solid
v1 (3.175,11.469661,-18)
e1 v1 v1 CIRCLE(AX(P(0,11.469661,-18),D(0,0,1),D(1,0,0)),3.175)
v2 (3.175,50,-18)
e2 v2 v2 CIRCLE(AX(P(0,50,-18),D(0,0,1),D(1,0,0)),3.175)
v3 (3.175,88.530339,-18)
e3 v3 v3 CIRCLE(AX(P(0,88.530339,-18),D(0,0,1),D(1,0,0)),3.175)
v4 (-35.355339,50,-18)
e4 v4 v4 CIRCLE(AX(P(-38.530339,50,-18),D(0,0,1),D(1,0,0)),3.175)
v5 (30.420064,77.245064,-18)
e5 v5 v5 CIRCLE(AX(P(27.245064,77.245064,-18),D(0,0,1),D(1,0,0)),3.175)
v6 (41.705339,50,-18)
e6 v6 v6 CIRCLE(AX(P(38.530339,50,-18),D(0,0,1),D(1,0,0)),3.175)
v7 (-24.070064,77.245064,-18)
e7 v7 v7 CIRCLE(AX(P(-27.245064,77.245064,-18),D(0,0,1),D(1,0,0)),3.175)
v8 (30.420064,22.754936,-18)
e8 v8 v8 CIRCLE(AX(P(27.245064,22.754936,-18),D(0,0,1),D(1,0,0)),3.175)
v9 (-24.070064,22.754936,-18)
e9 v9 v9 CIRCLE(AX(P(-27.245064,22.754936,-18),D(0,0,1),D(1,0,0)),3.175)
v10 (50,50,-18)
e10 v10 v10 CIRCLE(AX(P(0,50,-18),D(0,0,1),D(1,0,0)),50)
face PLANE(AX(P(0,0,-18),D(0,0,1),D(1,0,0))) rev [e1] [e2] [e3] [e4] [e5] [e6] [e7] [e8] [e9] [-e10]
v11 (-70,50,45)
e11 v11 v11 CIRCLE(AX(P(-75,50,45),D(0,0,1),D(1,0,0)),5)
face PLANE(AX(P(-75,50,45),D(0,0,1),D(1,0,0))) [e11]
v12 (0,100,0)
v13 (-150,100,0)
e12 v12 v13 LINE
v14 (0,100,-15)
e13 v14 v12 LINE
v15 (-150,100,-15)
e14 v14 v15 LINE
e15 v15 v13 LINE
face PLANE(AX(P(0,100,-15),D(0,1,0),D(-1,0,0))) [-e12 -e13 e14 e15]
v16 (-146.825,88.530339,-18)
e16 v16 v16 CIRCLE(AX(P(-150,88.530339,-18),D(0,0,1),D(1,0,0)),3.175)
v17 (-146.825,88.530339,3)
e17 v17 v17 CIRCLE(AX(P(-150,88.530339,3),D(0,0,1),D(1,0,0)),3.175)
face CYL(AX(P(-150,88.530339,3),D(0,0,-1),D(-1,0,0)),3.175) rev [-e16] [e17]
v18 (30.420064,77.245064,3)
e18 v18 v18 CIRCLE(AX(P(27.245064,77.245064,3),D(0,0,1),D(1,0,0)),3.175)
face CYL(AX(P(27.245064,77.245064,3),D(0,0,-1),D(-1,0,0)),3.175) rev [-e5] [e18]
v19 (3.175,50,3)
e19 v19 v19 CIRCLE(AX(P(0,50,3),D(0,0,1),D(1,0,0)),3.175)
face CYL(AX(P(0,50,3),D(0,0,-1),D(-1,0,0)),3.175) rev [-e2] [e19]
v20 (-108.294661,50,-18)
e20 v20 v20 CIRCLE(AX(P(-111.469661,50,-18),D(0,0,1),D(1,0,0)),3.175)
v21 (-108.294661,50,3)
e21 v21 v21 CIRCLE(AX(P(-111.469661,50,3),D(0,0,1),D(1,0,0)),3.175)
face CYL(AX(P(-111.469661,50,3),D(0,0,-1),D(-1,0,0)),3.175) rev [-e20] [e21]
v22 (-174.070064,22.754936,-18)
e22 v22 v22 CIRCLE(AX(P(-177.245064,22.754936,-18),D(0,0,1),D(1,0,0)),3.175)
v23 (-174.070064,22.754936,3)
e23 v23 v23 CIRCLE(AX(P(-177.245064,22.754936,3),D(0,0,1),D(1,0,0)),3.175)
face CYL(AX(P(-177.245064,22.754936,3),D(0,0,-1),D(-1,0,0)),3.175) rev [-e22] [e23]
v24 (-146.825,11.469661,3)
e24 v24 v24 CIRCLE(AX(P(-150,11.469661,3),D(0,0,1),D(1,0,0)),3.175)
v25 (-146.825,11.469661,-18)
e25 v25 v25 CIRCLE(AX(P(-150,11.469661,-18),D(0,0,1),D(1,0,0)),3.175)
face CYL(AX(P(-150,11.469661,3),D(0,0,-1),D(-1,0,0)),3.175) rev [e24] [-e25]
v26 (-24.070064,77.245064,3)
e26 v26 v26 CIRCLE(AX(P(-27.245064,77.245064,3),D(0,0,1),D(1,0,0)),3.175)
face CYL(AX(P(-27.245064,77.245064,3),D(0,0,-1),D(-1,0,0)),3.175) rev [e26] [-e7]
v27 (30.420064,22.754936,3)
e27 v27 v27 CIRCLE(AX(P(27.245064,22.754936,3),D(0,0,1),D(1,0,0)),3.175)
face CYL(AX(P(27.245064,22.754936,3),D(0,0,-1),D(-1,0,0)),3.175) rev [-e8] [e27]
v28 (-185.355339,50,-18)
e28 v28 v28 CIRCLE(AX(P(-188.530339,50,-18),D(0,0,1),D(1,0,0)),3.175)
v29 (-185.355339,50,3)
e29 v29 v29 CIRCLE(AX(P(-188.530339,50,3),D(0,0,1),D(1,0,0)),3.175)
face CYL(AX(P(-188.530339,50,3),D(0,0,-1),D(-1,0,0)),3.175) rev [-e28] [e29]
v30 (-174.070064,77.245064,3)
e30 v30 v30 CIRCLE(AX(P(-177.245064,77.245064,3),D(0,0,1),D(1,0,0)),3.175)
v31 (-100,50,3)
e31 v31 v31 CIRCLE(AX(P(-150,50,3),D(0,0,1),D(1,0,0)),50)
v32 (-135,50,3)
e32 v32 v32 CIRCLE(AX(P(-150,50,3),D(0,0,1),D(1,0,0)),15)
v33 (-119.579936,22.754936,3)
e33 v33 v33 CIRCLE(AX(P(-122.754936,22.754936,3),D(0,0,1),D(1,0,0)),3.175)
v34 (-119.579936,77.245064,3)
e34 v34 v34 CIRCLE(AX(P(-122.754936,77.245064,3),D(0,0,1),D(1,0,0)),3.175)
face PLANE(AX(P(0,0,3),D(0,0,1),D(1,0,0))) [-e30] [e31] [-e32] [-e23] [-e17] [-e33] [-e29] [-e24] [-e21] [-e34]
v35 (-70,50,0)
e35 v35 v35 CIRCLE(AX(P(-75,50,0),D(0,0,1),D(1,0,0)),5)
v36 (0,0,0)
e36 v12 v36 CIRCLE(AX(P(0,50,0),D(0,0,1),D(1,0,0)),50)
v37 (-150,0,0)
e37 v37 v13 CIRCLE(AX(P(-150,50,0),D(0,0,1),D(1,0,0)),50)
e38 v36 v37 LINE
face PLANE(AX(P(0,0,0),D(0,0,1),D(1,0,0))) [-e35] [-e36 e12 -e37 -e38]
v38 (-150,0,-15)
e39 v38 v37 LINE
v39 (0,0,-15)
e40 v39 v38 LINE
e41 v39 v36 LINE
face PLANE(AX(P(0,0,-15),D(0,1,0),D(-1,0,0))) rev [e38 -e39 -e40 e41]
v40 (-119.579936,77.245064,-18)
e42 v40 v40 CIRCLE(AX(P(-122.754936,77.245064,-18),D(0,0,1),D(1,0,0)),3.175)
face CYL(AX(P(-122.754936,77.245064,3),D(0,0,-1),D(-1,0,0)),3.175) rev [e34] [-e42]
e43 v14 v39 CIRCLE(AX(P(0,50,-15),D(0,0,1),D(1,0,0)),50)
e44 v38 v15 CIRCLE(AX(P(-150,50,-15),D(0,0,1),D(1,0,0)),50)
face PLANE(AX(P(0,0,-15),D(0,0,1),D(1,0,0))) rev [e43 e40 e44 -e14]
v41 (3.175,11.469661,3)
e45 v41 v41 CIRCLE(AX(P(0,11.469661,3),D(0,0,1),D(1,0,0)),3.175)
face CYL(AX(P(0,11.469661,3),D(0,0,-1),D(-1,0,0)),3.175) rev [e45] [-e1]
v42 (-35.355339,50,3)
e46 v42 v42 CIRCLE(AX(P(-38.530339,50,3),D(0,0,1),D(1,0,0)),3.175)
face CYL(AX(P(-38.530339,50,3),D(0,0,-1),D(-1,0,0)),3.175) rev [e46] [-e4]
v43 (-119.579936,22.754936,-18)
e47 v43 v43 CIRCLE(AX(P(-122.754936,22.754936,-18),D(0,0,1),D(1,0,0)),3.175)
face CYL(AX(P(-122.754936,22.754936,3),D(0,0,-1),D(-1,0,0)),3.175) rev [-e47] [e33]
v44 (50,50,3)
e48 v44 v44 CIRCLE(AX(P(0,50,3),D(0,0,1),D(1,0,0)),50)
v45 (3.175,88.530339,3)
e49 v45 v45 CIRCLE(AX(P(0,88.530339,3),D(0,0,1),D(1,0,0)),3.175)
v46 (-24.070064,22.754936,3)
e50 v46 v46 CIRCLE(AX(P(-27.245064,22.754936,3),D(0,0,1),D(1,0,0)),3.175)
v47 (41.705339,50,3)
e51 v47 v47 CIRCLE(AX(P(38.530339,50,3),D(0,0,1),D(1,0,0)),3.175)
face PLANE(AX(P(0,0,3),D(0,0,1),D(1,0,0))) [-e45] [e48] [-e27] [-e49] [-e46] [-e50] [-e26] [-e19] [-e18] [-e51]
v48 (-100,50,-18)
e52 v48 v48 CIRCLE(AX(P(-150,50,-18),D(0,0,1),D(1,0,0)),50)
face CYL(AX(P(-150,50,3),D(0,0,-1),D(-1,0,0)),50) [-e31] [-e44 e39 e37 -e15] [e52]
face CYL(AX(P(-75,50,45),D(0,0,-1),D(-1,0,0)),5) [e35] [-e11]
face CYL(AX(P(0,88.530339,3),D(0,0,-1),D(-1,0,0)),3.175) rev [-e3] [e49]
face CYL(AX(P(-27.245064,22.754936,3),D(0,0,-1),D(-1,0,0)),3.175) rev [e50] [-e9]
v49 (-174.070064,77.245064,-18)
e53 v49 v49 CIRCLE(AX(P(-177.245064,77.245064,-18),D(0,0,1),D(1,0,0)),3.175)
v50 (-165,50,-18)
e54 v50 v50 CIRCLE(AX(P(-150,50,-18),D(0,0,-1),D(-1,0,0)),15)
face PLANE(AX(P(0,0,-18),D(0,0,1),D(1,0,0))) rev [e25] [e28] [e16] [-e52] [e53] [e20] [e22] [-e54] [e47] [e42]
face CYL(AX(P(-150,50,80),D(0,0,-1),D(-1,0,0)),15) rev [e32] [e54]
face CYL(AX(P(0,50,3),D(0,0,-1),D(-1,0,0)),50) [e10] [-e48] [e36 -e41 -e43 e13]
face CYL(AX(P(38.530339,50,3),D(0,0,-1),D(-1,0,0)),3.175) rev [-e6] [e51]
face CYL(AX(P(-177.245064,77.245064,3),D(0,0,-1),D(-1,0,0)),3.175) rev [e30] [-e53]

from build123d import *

# Parameters (mm, degrees)
SKETCH_1_W               = 150
SKETCH_1_H               = 100
SHORT_ARM_BODY_DEPTH     = 15
SKETCH_1_17_R            = 5
EXTRUDE_8_DEPTH          = 45
SKETCH_1_30_R            = 50
SKETCH_1_30_R_2          = 3.175
EXTRUDE_10_DEPTH         = 3
SKETCH_1_31_R            = 50
CUT_EXTRUDE_1_DEPTH      = 88
CUT_EXTRUDE_1_DEPTH_BACK = 59
SKETCH_1_33_R            = 50
SKETCH_1_33_R_2          = 3.175
EXTRUDE_12_DEPTH         = 3
EXTRUDE_12_DEPTH_BACK    = 18
SKETCH_3_R               = 15
CUT_EXTRUDE_3_DEPTH      = 98


with BuildPart() as part:
    # Sketch 1 → short_arm_body (new body)
    with BuildSketch(Plane.XY):
        with Locations((-75, 50)):
            Rectangle(SKETCH_1_W, SKETCH_1_H)
    extrude(amount=-SHORT_ARM_BODY_DEPTH)

    # Sketch 1_17 → Extrude 8 (add)
    with BuildSketch(Plane.XY):
        with Locations((-75, 50)):
            Circle(SKETCH_1_17_R)
    extrude(amount=EXTRUDE_8_DEPTH)

    # Sketch 1_30 → Extrude 10 (add)
    with BuildSketch(Plane.XY):
        with Locations((0, 50)):
            Circle(SKETCH_1_30_R)
        with Locations((0, 11.469660941)):
            Circle(SKETCH_1_30_R_2, mode=Mode.SUBTRACT)
        with BuildLine():
            Line((0, 25), (0, 46.825))
            ThreePointArc((0, 46.825), (-2.24506403, 47.75493597), (-3.175, 50))
            Line((-3.175, 50), (-25, 50))
            ThreePointArc((-25, 50), (17.67766953, 67.67766953), (0, 25))
        make_face(mode=Mode.SUBTRACT)
        with Locations((0, 88.530339059)):
            Circle(SKETCH_1_30_R_2, mode=Mode.SUBTRACT)
        with Locations((-38.530339059, 50)):
            Circle(SKETCH_1_30_R_2, mode=Mode.SUBTRACT)
        with Locations((-27.24506403, 77.24506403)):
            Circle(SKETCH_1_30_R_2, mode=Mode.SUBTRACT)
        with Locations((-27.24506403, 22.75493597)):
            Circle(SKETCH_1_30_R_2, mode=Mode.SUBTRACT)
        with Locations((27.24506403, 77.24506403)):
            Circle(SKETCH_1_30_R_2, mode=Mode.SUBTRACT)
        with Locations((38.530339059, 50)):
            Circle(SKETCH_1_30_R_2, mode=Mode.SUBTRACT)
        with Locations((27.24506403, 22.75493597)):
            Circle(SKETCH_1_30_R_2, mode=Mode.SUBTRACT)
    extrude(amount=EXTRUDE_10_DEPTH)

    # Sketch 1_31 → Cut-Extrude 1 (cut, two sides)
    with BuildSketch(Plane.XY) as cut_extrude_1_sk:
        with Locations((0, 50)):
            Circle(SKETCH_1_31_R)
        with Locations((-150, 50)):
            Circle(SKETCH_1_31_R)
    extrude(amount=CUT_EXTRUDE_1_DEPTH, mode=Mode.SUBTRACT)
    extrude(cut_extrude_1_sk.sketch, amount=-CUT_EXTRUDE_1_DEPTH_BACK, mode=Mode.SUBTRACT)

    # Sketch 1_33 → Extrude 12 (add, two sides)
    with BuildSketch(Plane.XY) as extrude_12_sk:
        with Locations((0, 50)):
            Circle(SKETCH_1_33_R)
        with Locations((38.530339059, 50)):
            Circle(SKETCH_1_33_R_2, mode=Mode.SUBTRACT)
        with Locations((27.24506403, 22.75493597)):
            Circle(SKETCH_1_33_R_2, mode=Mode.SUBTRACT)
        with Locations((0, 11.469660941)):
            Circle(SKETCH_1_33_R_2, mode=Mode.SUBTRACT)
        with Locations((-27.24506403, 22.75493597)):
            Circle(SKETCH_1_33_R_2, mode=Mode.SUBTRACT)
        with Locations((-38.530339059, 50)):
            Circle(SKETCH_1_33_R_2, mode=Mode.SUBTRACT)
        with Locations((-27.24506403, 77.24506403)):
            Circle(SKETCH_1_33_R_2, mode=Mode.SUBTRACT)
        with Locations((0, 88.530339059)):
            Circle(SKETCH_1_33_R_2, mode=Mode.SUBTRACT)
        with Locations((27.24506403, 77.24506403)):
            Circle(SKETCH_1_33_R_2, mode=Mode.SUBTRACT)
        with Locations((0, 50)):
            Circle(SKETCH_1_33_R_2, mode=Mode.SUBTRACT)
        with Locations((-150, 50)):
            Circle(SKETCH_1_33_R)
        with Locations((-111.469660941, 50)):
            Circle(SKETCH_1_33_R_2, mode=Mode.SUBTRACT)
        with Locations((-122.75493597, 22.75493597)):
            Circle(SKETCH_1_33_R_2, mode=Mode.SUBTRACT)
        with Locations((-150, 11.469660941)):
            Circle(SKETCH_1_33_R_2, mode=Mode.SUBTRACT)
        with Locations((-177.24506403, 22.75493597)):
            Circle(SKETCH_1_33_R_2, mode=Mode.SUBTRACT)
        with Locations((-188.530339059, 50)):
            Circle(SKETCH_1_33_R_2, mode=Mode.SUBTRACT)
        with Locations((-177.24506403, 77.24506403)):
            Circle(SKETCH_1_33_R_2, mode=Mode.SUBTRACT)
        with Locations((-150, 88.530339059)):
            Circle(SKETCH_1_33_R_2, mode=Mode.SUBTRACT)
        with Locations((-122.75493597, 77.24506403)):
            Circle(SKETCH_1_33_R_2, mode=Mode.SUBTRACT)
        with Locations((-150, 50)):
            Circle(SKETCH_1_33_R_2, mode=Mode.SUBTRACT)
    extrude(amount=EXTRUDE_12_DEPTH)
    extrude(extrude_12_sk.sketch, amount=-EXTRUDE_12_DEPTH_BACK)

    # Sketch 3 → Cut-Extrude 3 (cut)
    with BuildSketch(Plane(origin=(0, 0, -18), x_dir=(-1, 0, 0), z_dir=(0, 0, -1))):
        with Locations((150, 50)):
            Circle(SKETCH_3_R)
    extrude(amount=-CUT_EXTRUDE_3_DEPTH, mode=Mode.SUBTRACT)


solid = part.part
